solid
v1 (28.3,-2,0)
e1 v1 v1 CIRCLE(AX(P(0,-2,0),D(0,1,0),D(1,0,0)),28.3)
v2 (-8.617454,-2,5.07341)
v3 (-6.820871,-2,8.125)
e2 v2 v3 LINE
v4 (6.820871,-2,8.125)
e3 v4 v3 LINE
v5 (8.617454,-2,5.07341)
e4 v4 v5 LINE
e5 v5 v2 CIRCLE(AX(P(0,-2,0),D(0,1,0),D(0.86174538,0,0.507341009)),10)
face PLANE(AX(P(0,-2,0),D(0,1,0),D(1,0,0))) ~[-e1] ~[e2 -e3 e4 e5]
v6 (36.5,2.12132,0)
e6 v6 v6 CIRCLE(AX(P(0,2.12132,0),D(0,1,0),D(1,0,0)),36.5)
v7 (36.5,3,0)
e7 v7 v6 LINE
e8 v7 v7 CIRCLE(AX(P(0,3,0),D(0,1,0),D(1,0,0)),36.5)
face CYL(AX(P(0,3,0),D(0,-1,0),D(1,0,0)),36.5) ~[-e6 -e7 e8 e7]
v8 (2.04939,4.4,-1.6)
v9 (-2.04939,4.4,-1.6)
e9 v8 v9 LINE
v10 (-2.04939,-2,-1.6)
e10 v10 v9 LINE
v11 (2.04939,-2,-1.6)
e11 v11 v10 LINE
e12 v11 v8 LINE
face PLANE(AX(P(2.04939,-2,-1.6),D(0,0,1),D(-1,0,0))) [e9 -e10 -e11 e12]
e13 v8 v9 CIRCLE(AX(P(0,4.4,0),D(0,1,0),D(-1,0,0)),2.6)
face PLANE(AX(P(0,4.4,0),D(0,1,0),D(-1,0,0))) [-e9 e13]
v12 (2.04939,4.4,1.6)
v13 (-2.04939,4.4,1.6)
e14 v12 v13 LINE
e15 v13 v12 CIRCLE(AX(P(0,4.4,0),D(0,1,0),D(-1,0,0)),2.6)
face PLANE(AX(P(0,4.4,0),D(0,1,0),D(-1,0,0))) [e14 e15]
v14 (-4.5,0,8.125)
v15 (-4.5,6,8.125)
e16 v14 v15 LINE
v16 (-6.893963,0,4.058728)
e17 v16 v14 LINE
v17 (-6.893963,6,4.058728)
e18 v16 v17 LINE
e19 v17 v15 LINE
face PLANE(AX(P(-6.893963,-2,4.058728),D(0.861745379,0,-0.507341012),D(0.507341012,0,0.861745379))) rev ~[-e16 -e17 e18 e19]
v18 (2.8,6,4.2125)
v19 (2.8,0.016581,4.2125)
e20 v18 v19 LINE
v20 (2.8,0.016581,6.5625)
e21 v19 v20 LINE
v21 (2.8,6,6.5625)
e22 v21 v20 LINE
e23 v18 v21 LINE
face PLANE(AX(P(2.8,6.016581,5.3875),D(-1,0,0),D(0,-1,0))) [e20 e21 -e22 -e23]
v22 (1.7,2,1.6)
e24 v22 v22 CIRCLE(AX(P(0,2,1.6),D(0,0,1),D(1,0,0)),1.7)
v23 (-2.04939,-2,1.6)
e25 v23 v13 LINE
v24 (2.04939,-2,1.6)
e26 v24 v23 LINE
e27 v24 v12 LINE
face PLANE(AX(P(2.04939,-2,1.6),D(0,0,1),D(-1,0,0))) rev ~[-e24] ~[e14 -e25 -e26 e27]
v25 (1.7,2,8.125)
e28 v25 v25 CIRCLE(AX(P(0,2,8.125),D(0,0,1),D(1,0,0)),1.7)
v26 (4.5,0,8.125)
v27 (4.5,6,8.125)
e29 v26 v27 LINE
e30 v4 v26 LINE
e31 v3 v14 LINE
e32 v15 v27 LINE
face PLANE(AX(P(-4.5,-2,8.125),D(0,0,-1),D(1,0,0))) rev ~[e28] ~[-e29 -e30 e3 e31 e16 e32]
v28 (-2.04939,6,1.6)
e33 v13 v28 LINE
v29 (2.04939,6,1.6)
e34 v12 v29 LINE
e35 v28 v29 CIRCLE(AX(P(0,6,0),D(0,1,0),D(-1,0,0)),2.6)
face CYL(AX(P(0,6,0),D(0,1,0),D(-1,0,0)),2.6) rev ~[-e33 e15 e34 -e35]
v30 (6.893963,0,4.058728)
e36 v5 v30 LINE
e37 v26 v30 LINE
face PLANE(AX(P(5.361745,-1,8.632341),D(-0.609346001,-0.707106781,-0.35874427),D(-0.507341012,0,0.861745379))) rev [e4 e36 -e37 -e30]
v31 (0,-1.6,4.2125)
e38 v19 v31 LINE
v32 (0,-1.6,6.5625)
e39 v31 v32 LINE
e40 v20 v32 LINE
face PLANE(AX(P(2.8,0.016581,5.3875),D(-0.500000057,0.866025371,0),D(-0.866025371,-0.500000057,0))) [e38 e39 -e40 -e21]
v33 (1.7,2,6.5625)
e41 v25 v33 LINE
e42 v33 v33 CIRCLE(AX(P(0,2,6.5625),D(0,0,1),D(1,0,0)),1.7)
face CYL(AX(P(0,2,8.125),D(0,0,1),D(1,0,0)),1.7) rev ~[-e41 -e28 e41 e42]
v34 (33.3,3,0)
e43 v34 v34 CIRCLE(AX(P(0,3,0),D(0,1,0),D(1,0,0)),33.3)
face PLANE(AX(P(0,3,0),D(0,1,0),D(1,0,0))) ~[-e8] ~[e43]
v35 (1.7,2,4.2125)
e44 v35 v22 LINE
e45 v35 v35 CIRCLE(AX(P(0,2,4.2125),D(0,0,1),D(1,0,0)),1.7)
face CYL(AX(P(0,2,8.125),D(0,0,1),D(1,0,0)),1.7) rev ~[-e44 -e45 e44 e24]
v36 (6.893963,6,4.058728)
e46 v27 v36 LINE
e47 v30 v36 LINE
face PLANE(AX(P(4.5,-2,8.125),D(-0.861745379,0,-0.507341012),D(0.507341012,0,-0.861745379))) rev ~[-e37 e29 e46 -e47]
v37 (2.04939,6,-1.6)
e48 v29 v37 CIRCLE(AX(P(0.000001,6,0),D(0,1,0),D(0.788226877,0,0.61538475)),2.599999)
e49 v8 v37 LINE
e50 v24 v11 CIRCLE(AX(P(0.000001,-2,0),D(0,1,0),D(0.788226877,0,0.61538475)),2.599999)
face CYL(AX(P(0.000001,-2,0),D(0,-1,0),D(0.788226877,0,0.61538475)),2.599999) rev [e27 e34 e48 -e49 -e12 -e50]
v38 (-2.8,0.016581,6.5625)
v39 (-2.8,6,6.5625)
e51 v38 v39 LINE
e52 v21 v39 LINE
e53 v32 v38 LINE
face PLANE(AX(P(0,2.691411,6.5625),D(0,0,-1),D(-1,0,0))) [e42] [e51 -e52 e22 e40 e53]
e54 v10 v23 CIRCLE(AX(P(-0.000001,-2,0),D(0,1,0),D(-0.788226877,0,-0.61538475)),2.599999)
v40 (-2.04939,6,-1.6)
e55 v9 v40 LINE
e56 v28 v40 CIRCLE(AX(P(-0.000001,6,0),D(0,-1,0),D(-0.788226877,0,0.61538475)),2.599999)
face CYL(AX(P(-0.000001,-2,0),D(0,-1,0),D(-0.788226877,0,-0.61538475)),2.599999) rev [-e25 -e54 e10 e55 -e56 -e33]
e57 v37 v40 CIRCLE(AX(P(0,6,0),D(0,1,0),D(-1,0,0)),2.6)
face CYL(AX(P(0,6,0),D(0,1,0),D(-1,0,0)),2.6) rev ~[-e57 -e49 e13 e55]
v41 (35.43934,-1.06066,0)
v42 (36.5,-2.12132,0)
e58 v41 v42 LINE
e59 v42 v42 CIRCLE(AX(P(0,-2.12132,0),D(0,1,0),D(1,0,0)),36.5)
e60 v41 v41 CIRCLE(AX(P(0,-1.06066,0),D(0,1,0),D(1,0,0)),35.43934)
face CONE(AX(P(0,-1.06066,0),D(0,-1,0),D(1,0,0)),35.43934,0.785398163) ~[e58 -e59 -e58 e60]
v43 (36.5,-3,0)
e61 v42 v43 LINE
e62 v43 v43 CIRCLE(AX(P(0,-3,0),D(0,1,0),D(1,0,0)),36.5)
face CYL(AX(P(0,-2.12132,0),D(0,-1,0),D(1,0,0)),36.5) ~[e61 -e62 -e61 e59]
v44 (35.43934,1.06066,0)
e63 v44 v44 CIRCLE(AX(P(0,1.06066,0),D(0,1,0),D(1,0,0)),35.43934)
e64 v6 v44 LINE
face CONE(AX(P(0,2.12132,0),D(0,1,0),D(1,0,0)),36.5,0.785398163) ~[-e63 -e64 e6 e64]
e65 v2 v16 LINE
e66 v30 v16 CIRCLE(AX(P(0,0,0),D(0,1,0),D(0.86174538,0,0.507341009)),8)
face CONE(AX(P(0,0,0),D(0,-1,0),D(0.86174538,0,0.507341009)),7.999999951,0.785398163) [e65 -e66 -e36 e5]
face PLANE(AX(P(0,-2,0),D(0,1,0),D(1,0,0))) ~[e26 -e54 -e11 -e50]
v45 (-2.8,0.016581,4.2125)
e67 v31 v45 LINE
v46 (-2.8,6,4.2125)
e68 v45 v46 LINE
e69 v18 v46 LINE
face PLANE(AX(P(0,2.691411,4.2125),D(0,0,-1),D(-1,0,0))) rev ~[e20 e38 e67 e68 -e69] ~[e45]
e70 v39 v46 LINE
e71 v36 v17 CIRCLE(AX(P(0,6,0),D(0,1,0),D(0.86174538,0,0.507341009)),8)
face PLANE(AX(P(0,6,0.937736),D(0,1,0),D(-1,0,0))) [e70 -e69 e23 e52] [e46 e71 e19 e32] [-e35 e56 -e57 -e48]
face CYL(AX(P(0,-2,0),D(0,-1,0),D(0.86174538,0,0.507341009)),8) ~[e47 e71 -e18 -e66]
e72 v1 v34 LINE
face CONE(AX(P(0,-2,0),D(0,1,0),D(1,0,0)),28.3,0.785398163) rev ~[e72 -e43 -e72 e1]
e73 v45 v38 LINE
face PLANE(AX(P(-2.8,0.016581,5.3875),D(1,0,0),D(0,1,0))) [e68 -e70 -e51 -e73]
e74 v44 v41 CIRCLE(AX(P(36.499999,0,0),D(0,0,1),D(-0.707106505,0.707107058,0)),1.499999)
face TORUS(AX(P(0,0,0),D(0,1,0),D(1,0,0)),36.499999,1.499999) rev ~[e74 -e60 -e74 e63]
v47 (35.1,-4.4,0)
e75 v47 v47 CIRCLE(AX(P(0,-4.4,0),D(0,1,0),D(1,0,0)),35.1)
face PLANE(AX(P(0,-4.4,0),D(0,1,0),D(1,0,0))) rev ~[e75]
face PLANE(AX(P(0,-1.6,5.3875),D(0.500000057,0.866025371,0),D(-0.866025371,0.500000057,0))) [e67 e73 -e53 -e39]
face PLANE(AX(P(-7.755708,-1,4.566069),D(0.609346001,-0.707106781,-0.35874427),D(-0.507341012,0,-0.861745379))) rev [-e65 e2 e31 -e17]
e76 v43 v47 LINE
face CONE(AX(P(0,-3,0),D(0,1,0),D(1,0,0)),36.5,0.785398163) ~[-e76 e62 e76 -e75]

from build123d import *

# Parameters (mm, degrees)
PAD_DEPTH       = 8
CHAMFER_SIZE    = 2
SKETCH002_R     = 2.6
POCKET_DEPTH    = 1.6
SKETCH003_R     = 1.7
POCKET001_DEPTH = 8
POCKET002_DEPTH = 1.175


with BuildPart() as part:
    # Sketch → Revolution (revolve)
    with BuildSketch(Plane.XY):
        with BuildLine():
            Line((0, -2), (28.3, -2))
            Line((28.3, -2), (33.3, 3))
            Line((33.3, 3), (36.5, 3))
            Line((36.5, 3), (36.5, 2.12132))
            Line((36.5, 2.12132), (35.43934, 1.06066))
            ThreePointArc((35.43934, 1.06066), (35, 0), (35.43934, -1.06066))
            Line((35.43934, -1.06066), (36.5, -2.12132))
            Line((36.5, -2.12132), (36.5, -3))
            Line((36.5, -3), (35.1, -4.4))
            Line((35.1, -4.4), (0, -4.4))
            Line((0, -4.4), (0, -2))
        make_face()
    revolve(axis=Axis((0, 0, 0), (0, 1, 0)))

    # Sketch001 (on Face1 of Revolution) → Pad (new body)
    with BuildSketch(Plane(origin=(0, -2, 0), x_dir=(-1, 0, 0), z_dir=(0, 1, 0))):
        with BuildLine():
            Line((4.5, 8.125), (-4.5, 8.125))
            Line((-4.5, 8.125), (-6.893963, 4.058728))
            ThreePointArc((-6.893963, 4.058728), (0, -8), (6.893963, 4.058728))
            Line((6.893963, 4.058728), (4.5, 8.125))
        make_face()
        with BuildLine():
            Line((-2.04939, 1.6), (2.04939, 1.6))
            ThreePointArc((2.04939, -1.6), (2.6, 0), (2.04939, 1.6))
            Line((-2.04939, -1.6), (2.04939, -1.6))
            ThreePointArc((-2.04939, 1.6), (-2.6, 0), (-2.04939, -1.6))
        make_face(mode=Mode.SUBTRACT)
    extrude(amount=PAD_DEPTH)

    # Chamfer
    chamfer_edges = [part.edges().sort_by_distance(p)[0] for p in [
        (0, -2, -8),
    ]]
    chamfer(chamfer_edges, length=CHAMFER_SIZE)

    # Sketch002 (on Face8 of Chamfer) → Pocket (cut)
    with BuildSketch(Plane(origin=(0, 6, 0), x_dir=(-1, 0, 0), z_dir=(0, 1, 0))):
        Circle(SKETCH002_R)
    extrude(amount=-POCKET_DEPTH, mode=Mode.SUBTRACT)

    # Sketch003 (on Face8 of Pocket) → Pocket001 (cut)
    with BuildSketch(Plane.XY.offset(8.125)):
        with Locations((0, 2)):
            Circle(SKETCH003_R)
    extrude(amount=-POCKET001_DEPTH, mode=Mode.SUBTRACT)

    # Sketch004 (on Face9 of Pocket001) → Pocket002 (cut, symmetric)
    with BuildSketch(Plane.XY.offset(5.3875)):
        Polygon((-2.8, 0.016581), (-2.8, 6.016581), (2.8, 6.016581), (2.8, 0.016581), (0, -1.6), align=None)
    extrude(amount=POCKET002_DEPTH, both=True, mode=Mode.SUBTRACT)


solid = part.part
